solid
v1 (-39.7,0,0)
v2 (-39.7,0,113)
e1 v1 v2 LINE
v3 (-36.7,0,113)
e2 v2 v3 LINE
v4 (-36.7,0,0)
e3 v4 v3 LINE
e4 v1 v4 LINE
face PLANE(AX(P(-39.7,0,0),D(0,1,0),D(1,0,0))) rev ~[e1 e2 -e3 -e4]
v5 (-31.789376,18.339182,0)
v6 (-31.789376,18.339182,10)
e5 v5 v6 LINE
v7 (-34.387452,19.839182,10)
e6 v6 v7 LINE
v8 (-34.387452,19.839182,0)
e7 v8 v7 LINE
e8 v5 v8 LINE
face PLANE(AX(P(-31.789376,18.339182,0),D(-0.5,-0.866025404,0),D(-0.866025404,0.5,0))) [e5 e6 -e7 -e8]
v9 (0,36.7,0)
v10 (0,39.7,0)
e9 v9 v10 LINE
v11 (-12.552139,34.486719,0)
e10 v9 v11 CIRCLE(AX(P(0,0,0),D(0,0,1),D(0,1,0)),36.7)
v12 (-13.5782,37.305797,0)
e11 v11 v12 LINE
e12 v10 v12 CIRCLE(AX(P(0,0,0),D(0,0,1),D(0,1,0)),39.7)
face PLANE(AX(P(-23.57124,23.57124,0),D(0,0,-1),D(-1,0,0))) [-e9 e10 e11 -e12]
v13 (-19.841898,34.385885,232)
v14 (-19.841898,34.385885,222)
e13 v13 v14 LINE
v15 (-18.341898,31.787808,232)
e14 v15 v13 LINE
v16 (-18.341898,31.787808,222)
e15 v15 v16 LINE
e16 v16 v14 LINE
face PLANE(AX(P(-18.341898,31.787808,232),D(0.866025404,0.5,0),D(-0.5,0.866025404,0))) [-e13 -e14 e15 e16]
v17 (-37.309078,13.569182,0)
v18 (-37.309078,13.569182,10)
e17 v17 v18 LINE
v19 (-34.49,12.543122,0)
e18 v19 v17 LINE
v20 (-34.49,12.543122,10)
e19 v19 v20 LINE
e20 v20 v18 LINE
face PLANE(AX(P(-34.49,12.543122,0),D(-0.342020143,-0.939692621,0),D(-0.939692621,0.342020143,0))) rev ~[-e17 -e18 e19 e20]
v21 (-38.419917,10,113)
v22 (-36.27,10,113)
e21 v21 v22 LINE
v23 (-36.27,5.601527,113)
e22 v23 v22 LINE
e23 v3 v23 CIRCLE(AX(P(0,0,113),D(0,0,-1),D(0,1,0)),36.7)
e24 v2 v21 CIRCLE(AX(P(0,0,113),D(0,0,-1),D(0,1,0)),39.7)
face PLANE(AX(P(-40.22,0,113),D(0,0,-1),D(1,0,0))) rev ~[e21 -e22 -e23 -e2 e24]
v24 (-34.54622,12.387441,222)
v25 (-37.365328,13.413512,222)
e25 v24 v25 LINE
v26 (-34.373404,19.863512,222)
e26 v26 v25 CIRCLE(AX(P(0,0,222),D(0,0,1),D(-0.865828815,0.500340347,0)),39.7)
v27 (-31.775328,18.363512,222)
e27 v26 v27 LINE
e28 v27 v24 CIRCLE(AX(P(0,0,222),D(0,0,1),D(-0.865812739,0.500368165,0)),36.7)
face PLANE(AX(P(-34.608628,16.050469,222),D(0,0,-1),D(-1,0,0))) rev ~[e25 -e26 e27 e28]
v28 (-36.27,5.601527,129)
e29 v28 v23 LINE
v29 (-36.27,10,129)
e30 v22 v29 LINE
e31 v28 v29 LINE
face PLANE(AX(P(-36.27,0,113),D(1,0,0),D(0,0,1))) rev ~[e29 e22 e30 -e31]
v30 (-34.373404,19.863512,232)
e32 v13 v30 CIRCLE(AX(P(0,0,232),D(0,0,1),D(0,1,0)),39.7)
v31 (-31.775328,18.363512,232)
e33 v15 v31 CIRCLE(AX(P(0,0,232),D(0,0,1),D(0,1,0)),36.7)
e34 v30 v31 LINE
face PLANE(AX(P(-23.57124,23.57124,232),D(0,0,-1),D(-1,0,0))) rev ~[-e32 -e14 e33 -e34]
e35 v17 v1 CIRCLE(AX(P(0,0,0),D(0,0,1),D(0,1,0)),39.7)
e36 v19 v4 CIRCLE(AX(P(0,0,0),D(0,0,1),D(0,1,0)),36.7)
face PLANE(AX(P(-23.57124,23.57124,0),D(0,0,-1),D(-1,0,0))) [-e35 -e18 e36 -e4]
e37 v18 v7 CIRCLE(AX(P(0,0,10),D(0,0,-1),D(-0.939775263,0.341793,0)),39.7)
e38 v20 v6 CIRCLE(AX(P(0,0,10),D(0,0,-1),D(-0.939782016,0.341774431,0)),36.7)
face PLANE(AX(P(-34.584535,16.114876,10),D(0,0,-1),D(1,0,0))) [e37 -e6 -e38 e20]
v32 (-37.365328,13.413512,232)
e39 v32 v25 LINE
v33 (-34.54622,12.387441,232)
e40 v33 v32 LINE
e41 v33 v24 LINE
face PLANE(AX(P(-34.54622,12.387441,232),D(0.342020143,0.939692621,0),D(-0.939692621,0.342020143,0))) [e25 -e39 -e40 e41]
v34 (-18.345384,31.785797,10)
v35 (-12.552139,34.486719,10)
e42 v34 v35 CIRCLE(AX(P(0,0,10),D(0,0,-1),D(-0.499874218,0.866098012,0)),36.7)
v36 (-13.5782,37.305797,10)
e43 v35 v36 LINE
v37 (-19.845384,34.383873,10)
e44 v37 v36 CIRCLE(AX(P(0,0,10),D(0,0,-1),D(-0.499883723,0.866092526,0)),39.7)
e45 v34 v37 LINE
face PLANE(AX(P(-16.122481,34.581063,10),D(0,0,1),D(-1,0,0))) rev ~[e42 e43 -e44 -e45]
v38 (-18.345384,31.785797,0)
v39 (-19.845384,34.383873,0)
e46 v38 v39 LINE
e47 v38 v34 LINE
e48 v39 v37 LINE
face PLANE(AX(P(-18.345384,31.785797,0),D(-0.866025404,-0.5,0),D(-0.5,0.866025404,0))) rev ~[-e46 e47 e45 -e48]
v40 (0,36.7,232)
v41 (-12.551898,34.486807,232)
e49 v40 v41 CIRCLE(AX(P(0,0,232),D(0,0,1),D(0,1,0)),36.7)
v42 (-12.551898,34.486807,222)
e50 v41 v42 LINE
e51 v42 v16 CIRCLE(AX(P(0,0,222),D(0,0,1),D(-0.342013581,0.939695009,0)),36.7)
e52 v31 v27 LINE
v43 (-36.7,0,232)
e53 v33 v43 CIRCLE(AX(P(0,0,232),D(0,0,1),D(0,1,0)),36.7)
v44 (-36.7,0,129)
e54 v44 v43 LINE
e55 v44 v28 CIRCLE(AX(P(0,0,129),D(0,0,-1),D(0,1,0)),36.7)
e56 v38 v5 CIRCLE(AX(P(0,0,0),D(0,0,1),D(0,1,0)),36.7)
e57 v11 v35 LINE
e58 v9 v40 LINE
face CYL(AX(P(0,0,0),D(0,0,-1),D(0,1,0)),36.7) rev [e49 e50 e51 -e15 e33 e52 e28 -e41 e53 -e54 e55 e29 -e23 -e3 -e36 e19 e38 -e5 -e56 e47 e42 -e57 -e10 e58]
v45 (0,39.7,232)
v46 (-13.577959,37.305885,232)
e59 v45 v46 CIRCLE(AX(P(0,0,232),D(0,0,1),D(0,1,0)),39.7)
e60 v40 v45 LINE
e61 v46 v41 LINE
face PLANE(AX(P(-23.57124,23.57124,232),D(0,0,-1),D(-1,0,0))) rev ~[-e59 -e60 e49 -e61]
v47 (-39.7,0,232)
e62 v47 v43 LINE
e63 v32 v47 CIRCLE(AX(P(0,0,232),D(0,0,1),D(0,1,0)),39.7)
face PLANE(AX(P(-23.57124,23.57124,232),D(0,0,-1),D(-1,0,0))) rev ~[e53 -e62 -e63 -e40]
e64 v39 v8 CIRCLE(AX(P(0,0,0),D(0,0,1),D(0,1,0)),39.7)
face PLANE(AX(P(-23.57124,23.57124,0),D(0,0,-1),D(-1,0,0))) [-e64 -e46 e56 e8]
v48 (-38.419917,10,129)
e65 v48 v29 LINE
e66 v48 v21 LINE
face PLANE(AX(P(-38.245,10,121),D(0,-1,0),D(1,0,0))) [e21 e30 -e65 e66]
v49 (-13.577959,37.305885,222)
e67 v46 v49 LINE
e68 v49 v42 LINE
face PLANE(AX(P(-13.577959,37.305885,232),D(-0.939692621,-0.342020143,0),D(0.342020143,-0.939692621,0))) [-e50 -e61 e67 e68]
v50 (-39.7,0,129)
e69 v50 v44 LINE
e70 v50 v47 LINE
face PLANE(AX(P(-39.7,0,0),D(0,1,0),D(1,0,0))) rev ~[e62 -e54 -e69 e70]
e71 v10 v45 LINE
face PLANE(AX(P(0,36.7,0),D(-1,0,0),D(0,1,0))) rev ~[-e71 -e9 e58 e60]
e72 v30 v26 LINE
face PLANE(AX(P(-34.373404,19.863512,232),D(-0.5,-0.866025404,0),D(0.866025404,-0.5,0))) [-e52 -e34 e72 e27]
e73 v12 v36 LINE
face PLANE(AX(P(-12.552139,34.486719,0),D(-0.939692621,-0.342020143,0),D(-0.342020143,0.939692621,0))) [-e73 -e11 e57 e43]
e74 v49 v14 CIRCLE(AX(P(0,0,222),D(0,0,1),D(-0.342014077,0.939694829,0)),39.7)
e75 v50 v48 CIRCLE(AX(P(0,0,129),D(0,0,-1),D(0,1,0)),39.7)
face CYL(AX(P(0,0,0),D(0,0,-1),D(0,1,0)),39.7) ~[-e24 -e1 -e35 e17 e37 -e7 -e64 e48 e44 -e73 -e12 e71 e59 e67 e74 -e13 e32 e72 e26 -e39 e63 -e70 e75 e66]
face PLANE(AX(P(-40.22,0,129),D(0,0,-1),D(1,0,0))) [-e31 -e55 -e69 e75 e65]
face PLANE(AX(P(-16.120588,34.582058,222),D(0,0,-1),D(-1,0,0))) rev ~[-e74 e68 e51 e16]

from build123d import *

# Parameters (mm, degrees)
PAD_DEPTH       = 232
POCKET_DEPTH    = 10
POCKET001_DEPTH = 10
SKETCH003_W     = 3.95
SKETCH003_H     = 16
POCKET002_DEPTH = 10


with BuildPart() as part:
    # Sketch → Pad (new body)
    with BuildSketch(Plane.XY):
        with BuildLine():
            ThreePointArc((0, 36.7), (-25.9508188695, 25.9508188695), (-36.7, 0))
            Line((-39.7, 0), (-36.7, 0))
            ThreePointArc((0, 39.7), (-28.0721392131, 28.0721392131), (-39.7, 0))
            Line((0, 36.7), (0, 39.7))
        make_face()
    extrude(amount=PAD_DEPTH)

    # Sketch001 (on Face6 of Pad) → Pocket (cut)
    with BuildSketch(Plane.XY.offset(232)):
        with BuildLine():
            Line((-34.546220009, 12.3874405384), (-37.3653275389, 13.4135117665))
            ThreePointArc((-34.3734039674, 19.8635117665), (-36.0140531533, 16.70562706), (-37.3653275389, 13.4135117665))
            Line((-34.3734039674, 19.8635117665), (-31.7753275389, 18.3635116412))
            ThreePointArc((-31.7753275389, 18.3635116412), (-33.2951238734, 15.4377694716), (-34.546220009, 12.3874405384))
        make_face()
        with BuildLine():
            ThreePointArc((-12.5518984396, 34.4868068334), (-15.5057350305, 33.2635262888), (-18.3418983946, 31.7878084064))
            Line((-18.3418983946, 31.7878084064), (-19.8418984396, 34.3858846958))
            ThreePointArc((-13.5779588696, 37.3058846958), (-16.7735898258, 35.9824496714), (-19.8418984396, 34.3858846958))
            Line((-13.5779588696, 37.3058846958), (-12.5518984396, 34.4868068334))
        make_face()
    extrude(amount=-POCKET_DEPTH, mode=Mode.SUBTRACT)

    # Sketch002 (on Face5 of Pad) → Pocket001 (cut)
    with BuildSketch(Plane(origin=(0, 0, 0), x_dir=(1, 0, 0), z_dir=(0, 0, -1))):
        with BuildLine():
            ThreePointArc((-37.3090779514, -13.5691820834), (-35.9850847763, -16.767935879), (-34.3874519885, -19.8391820834))
            Line((-31.789375638, -18.3391820031), (-34.3874519885, -19.8391820834))
            ThreePointArc((-34.49, -12.543121621), (-33.2661613014, -15.5000810407), (-31.789375638, -18.3391820031))
            Line((-34.49, -12.543121621), (-37.3090779514, -13.5691820834))
        make_face()
        with BuildLine():
            Line((-12.5521392601, -34.4867191828), (-13.57819969, -37.3057970452))
            ThreePointArc((-19.8453837991, -34.3838732819), (-16.7755295873, -35.981545368), (-13.57819969, -37.3057970452))
            Line((-18.3453837845, -31.7857970452), (-19.8453837991, -34.3838732819))
            ThreePointArc((-18.3453837845, -31.7857970452), (-15.507674799, -33.2626220002), (-12.5521392601, -34.4867191828))
        make_face()
    extrude(amount=-POCKET001_DEPTH, mode=Mode.SUBTRACT)

    # Sketch003 (on Face14 of Pocket001) → Pocket002 (cut)
    with BuildSketch(Plane.XZ):
        with Locations((-38.245, 121)):
            Rectangle(SKETCH003_W, SKETCH003_H)
    extrude(amount=-POCKET002_DEPTH, mode=Mode.SUBTRACT)


solid = part.part
